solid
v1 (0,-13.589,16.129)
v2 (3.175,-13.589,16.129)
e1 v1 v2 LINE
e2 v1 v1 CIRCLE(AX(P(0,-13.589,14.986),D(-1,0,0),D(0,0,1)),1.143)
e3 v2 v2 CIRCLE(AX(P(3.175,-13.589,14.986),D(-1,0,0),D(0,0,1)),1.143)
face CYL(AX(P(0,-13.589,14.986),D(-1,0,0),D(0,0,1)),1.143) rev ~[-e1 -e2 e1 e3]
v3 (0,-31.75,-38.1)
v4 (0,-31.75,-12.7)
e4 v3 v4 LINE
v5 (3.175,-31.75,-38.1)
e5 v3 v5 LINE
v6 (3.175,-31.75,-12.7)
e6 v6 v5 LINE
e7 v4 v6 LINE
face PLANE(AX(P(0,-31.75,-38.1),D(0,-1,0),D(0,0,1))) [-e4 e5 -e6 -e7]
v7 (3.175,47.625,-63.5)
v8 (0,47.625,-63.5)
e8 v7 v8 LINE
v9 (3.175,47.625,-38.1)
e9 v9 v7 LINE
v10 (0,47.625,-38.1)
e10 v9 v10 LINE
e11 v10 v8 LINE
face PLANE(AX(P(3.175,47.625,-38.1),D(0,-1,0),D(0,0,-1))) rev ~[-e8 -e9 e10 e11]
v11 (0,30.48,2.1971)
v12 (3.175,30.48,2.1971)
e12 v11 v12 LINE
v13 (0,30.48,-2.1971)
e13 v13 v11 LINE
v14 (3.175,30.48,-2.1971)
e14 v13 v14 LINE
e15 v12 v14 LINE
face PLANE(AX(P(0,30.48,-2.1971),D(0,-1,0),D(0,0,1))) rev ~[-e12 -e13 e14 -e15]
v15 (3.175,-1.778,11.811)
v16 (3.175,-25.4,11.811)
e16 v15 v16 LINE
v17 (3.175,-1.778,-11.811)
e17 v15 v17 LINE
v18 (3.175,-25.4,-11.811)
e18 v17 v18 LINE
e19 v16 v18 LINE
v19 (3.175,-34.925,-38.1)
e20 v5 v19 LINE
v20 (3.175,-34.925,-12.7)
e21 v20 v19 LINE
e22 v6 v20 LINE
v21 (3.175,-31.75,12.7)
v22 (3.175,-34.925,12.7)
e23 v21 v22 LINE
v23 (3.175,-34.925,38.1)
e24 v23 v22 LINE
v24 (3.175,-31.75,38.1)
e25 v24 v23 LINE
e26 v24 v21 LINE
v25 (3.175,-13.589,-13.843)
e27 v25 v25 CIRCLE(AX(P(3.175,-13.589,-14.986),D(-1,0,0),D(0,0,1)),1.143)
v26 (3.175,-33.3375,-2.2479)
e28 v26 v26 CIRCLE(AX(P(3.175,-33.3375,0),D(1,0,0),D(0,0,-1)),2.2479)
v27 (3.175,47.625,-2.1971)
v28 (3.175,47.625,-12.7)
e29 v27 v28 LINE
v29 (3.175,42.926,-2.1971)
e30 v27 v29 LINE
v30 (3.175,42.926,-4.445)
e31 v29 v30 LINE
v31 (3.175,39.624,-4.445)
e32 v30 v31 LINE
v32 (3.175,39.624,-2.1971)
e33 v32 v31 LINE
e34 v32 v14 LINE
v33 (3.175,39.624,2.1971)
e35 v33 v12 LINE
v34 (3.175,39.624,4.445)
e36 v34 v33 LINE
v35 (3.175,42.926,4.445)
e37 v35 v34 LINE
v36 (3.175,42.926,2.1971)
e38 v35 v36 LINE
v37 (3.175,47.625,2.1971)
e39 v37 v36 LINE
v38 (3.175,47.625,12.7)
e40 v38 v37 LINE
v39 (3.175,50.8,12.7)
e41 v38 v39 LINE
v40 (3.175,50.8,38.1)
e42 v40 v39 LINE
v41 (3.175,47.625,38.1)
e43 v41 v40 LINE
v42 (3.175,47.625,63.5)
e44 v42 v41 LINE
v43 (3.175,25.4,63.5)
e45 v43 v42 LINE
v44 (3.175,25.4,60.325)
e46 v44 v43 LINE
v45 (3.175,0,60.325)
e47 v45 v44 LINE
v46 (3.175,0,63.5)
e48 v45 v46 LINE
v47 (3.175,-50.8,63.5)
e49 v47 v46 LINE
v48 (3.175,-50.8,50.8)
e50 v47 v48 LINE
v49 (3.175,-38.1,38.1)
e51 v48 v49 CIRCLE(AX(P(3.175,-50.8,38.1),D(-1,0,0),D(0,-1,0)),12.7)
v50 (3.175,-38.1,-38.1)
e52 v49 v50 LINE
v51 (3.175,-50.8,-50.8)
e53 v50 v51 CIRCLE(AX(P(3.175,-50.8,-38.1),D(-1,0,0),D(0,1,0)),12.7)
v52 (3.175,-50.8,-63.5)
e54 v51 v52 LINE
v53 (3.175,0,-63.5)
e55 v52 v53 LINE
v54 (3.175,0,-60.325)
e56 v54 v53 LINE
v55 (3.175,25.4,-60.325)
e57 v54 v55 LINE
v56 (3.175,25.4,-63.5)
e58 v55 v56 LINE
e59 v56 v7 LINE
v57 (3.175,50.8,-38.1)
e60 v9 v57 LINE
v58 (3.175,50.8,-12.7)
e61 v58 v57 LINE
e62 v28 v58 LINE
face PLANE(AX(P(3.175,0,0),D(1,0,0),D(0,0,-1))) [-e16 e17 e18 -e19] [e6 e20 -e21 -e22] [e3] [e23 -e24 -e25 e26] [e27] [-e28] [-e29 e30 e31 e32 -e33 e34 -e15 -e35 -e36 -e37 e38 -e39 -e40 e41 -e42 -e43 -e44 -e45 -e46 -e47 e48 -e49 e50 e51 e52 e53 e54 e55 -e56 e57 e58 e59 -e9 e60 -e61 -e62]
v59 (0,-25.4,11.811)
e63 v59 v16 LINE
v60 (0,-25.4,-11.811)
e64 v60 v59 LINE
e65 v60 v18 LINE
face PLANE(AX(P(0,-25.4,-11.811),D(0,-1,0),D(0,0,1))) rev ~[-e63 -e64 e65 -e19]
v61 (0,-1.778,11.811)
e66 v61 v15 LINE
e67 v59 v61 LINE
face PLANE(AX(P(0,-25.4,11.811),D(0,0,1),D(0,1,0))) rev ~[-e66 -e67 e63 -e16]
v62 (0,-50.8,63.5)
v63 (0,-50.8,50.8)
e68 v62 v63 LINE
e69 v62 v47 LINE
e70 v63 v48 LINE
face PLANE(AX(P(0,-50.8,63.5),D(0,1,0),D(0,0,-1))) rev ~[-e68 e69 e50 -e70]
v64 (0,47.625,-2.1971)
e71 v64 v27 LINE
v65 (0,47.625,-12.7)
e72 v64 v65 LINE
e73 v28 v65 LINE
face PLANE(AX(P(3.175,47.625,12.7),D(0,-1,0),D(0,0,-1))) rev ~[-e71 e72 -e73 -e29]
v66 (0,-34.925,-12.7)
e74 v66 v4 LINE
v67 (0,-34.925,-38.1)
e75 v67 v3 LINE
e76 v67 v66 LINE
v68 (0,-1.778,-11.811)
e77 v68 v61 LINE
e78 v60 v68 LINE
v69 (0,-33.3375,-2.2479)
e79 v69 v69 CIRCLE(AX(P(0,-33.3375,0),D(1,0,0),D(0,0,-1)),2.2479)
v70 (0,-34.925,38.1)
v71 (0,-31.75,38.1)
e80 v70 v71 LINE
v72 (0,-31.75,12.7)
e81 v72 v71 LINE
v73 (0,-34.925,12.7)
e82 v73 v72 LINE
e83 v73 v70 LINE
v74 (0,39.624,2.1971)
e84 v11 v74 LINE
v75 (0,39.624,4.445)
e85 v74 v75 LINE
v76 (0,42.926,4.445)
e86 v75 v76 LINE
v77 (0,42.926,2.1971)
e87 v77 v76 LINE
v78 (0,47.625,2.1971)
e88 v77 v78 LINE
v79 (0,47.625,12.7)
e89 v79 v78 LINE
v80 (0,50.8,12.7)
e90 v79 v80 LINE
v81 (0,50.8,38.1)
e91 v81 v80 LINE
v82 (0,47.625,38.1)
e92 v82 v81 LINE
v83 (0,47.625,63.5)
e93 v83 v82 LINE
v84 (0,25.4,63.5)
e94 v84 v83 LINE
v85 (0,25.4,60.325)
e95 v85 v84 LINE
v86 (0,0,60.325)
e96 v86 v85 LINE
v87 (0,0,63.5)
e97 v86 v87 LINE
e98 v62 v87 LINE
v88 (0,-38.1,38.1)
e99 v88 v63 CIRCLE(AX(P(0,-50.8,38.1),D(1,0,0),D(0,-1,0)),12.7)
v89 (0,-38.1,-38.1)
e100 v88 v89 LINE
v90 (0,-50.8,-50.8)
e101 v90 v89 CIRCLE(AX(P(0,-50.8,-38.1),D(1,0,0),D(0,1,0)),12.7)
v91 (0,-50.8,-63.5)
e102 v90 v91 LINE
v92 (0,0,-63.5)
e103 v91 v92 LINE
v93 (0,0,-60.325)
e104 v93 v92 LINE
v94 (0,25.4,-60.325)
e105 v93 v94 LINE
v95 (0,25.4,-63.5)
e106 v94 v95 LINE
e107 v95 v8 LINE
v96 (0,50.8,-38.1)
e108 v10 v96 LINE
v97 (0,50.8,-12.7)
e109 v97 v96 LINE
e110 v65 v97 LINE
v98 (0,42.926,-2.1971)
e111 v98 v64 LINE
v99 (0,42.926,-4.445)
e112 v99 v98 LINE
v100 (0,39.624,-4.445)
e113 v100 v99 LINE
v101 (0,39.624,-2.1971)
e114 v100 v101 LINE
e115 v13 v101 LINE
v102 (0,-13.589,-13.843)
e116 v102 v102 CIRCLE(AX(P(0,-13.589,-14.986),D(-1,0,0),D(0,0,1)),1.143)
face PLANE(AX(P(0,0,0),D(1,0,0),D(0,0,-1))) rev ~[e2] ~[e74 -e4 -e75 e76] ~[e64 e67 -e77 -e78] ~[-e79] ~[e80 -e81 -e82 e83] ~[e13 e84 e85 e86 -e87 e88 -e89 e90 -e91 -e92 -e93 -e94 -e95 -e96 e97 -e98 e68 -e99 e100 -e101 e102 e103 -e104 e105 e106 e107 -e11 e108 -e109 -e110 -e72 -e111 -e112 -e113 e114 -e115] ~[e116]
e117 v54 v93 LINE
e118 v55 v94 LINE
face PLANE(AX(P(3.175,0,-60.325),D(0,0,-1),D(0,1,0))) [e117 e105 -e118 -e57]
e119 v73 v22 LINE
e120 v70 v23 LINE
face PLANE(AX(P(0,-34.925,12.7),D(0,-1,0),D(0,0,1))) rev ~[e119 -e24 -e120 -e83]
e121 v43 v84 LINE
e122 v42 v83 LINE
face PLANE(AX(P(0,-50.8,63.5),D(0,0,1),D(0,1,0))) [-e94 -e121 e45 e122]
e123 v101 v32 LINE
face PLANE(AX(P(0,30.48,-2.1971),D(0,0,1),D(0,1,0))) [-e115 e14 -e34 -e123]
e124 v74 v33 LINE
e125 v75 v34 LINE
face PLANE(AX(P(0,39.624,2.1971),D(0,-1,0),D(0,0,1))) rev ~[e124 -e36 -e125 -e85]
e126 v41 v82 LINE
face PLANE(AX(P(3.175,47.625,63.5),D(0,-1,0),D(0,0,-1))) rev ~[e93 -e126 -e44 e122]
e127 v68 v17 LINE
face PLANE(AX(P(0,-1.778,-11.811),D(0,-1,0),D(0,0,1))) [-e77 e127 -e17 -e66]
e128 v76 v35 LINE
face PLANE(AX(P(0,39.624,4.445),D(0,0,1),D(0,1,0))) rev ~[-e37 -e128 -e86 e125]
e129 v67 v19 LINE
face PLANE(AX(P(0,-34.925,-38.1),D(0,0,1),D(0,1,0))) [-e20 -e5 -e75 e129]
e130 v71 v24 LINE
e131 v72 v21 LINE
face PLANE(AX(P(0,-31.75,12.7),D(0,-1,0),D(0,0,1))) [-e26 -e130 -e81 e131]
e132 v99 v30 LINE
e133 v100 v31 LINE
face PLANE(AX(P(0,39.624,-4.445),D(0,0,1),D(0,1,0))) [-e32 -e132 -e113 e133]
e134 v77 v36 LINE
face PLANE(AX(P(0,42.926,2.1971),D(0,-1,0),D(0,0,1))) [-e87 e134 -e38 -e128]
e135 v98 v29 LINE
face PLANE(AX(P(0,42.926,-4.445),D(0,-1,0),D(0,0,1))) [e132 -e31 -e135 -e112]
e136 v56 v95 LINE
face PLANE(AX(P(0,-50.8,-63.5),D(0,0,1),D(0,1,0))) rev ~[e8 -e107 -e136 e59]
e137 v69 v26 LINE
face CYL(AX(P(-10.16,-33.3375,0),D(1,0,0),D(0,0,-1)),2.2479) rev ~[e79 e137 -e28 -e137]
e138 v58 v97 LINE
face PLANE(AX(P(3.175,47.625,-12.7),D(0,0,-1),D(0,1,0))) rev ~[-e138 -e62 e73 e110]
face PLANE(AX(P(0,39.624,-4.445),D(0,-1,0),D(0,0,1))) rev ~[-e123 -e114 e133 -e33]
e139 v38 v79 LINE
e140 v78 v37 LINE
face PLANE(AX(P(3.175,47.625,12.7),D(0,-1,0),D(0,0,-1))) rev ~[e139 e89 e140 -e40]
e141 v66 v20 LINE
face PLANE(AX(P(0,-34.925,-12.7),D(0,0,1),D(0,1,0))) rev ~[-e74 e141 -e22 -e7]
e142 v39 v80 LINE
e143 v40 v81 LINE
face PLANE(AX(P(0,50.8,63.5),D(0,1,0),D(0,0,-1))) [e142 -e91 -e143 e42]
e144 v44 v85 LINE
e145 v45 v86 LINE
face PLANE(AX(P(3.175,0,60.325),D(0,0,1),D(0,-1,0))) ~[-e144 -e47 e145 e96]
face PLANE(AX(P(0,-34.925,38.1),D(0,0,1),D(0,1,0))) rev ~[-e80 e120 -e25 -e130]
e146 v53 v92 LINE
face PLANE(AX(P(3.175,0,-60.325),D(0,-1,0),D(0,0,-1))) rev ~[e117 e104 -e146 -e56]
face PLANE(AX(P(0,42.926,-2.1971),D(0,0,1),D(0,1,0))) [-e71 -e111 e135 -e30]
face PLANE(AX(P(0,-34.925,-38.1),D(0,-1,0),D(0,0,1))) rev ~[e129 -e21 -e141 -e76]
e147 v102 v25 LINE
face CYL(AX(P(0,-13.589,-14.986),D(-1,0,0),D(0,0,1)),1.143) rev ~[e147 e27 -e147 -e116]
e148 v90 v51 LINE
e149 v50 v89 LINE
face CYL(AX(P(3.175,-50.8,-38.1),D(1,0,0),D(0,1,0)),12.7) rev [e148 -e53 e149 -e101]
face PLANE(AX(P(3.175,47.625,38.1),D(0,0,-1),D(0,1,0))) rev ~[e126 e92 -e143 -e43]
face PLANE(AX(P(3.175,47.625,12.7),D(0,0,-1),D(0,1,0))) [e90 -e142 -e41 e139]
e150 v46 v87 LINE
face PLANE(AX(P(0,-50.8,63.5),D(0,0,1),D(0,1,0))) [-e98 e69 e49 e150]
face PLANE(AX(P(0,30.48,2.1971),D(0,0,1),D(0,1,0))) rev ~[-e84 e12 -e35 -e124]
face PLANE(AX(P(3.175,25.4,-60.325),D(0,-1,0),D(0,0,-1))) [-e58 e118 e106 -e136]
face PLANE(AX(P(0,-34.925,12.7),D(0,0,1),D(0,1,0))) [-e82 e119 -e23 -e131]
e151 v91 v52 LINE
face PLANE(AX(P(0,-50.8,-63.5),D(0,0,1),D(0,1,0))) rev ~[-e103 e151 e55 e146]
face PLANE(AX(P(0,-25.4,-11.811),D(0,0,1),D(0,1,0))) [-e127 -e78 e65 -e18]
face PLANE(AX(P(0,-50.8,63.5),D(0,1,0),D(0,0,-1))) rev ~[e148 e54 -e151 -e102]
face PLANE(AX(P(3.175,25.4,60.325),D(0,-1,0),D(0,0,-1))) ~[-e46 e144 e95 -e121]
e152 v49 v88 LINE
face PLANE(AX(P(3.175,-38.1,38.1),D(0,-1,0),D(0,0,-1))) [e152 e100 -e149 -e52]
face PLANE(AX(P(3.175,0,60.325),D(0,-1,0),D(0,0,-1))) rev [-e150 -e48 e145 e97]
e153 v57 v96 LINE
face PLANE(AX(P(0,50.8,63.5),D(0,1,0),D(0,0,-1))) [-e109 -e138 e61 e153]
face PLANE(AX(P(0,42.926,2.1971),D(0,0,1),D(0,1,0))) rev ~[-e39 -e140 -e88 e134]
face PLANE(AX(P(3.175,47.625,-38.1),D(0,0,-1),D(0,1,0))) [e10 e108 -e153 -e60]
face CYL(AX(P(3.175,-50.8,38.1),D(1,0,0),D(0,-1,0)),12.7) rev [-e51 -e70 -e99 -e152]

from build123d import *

# Parameters (mm, degrees)
SKETCH1_W                 = 127
SKETCH1_H                 = 101.6
BOSS_EXTRUDE1_DEPTH       = 3.175
SKETCH2_W                 = 25.4
SKETCH2_H                 = 3.175
CUT_EXTRUDE1_DEPTH        = 6.35
LPATTERN1_COUNT           = 3
LPATTERN1_PITCH           = 50.8
CUT_EXTRUDE4_DEPTH        = 6.35
SKETCH8_W                 = 3.175
SKETCH8_H                 = 25.4
CUT_EXTRUDE6_DEPTH        = 6.35
SKETCH9_W                 = 25.4
SKETCH9_H                 = 3.175
CUT_EXTRUDE7_DEPTH        = 6.35
LPATTERN6_COUNT           = 2
LPATTERN6_PITCH           = 50.8
SKETCH16_W                = 4.3942
SKETCH16_H                = 17.145
SKETCH16_W_2              = 8.89
SKETCH16_H_2              = 3.302
CUT_EXTRUDE14_DEPTH       = 6.35
F_8_CLEARANCE_HOLE1_D     = 4.4958
F_8_CLEARANCE_HOLE1_DEPTH = 10.16
F_8_CLEARANCE_HOLE1_TIP   = 1.350674586
SKETCH20_R                = 1.143
SKETCH20_W                = 23.622
SKETCH20_H                = 23.622
CUT_EXTRUDE16_DEPTH       = 10.16


with BuildPart() as part:
    # Sketch1 → Boss-Extrude1 (new body)
    with BuildSketch(Plane(origin=(0, 0, 0), x_dir=(0, 0, -1), z_dir=(1, 0, 0))):
        Rectangle(SKETCH1_W, SKETCH1_H)
    extrude(amount=BOSS_EXTRUDE1_DEPTH)

    # Sketch2 → Cut-Extrude1 (cut)
    with BuildSketch(Plane(origin=(3.175, 0, 0), x_dir=(0, 0, -1), z_dir=(1, 0, 0))):
        with Locations((-50.8, 49.2125)):
            Rectangle(SKETCH2_W, SKETCH2_H)
    cut_extrude1 = extrude(amount=-CUT_EXTRUDE1_DEPTH, mode=Mode.SUBTRACT)

    # LPattern1: Cut-Extrude1 ×3
    with Locations(*[(0, 0, -i * LPATTERN1_PITCH) for i in range(1, LPATTERN1_COUNT)]):
        add(cut_extrude1, mode=Mode.SUBTRACT)

    # Sketch5 → Cut-Extrude4 (cut)
    with BuildSketch(Plane(origin=(3.175, 0, 0), x_dir=(0, 0, -1), z_dir=(1, 0, 0))):
        with BuildLine():
            Line((-38.1, -38.1), (38.1, -38.1))
            ThreePointArc((38.1, -38.1), (50.8, -50.8), (38.1, -63.5))
            Line((38.1, -63.5), (-38.1, -63.5))
            ThreePointArc((-38.1, -63.5), (-50.8, -50.8), (-38.1, -38.1))
        make_face()
    extrude(amount=-CUT_EXTRUDE4_DEPTH, mode=Mode.SUBTRACT)

    # Sketch8 → Cut-Extrude6 (cut)
    with BuildSketch(Plane(origin=(3.175, 0, 0), x_dir=(0, 0, -1), z_dir=(1, 0, 0))):
        with Locations((61.9125, 12.7)):
            Rectangle(SKETCH8_W, SKETCH8_H)
    cut_extrude6 = extrude(amount=-CUT_EXTRUDE6_DEPTH, mode=Mode.SUBTRACT)

    # Sketch9 → Cut-Extrude7 (cut)
    with BuildSketch(Plane.ZY):
        with Locations((-25.4, -33.3375)):
            Rectangle(SKETCH9_W, SKETCH9_H)
    cut_extrude7 = extrude(amount=-CUT_EXTRUDE7_DEPTH, mode=Mode.SUBTRACT)

    # LPattern6: Cut-Extrude7 ×2
    with Locations(*[(0, 0, i * LPATTERN6_PITCH) for i in range(1, LPATTERN6_COUNT)]):
        add(cut_extrude7, mode=Mode.SUBTRACT)

    # Sketch16 → Cut-Extrude14 (cut)
    with BuildSketch(Plane.ZY):
        with Locations((0, 39.0525)):
            Rectangle(SKETCH16_W, SKETCH16_H)
        with Locations((0, 41.275)):
            Rectangle(SKETCH16_W_2, SKETCH16_H_2)
    extrude(amount=-CUT_EXTRUDE14_DEPTH, mode=Mode.SUBTRACT)

    # #8 Clearance Hole1
    with Locations(Plane.ZY):
        with Locations((0, -33.3375)):
            Hole(F_8_CLEARANCE_HOLE1_D / 2, depth=F_8_CLEARANCE_HOLE1_DEPTH)
            with Locations((0, 0, -(F_8_CLEARANCE_HOLE1_DEPTH + F_8_CLEARANCE_HOLE1_TIP / 2))):  # 118° drill point
                Cone(0, F_8_CLEARANCE_HOLE1_D / 2, F_8_CLEARANCE_HOLE1_TIP, mode=Mode.SUBTRACT)

    # Sketch20 → Cut-Extrude16 (cut)
    with BuildSketch(Plane.ZY):
        with Locations((-14.986, -13.589)):
            Circle(SKETCH20_R)
        with Locations((14.986, -13.589)):
            Circle(SKETCH20_R)
        with Locations((0, -13.589)):
            Rectangle(SKETCH20_W, SKETCH20_H)
    extrude(amount=-CUT_EXTRUDE16_DEPTH, mode=Mode.SUBTRACT)

    # Mirror3: Cut-Extrude6 across plane
    add(cut_extrude6.mirror(Plane.XY), mode=Mode.SUBTRACT)


solid = part.part
